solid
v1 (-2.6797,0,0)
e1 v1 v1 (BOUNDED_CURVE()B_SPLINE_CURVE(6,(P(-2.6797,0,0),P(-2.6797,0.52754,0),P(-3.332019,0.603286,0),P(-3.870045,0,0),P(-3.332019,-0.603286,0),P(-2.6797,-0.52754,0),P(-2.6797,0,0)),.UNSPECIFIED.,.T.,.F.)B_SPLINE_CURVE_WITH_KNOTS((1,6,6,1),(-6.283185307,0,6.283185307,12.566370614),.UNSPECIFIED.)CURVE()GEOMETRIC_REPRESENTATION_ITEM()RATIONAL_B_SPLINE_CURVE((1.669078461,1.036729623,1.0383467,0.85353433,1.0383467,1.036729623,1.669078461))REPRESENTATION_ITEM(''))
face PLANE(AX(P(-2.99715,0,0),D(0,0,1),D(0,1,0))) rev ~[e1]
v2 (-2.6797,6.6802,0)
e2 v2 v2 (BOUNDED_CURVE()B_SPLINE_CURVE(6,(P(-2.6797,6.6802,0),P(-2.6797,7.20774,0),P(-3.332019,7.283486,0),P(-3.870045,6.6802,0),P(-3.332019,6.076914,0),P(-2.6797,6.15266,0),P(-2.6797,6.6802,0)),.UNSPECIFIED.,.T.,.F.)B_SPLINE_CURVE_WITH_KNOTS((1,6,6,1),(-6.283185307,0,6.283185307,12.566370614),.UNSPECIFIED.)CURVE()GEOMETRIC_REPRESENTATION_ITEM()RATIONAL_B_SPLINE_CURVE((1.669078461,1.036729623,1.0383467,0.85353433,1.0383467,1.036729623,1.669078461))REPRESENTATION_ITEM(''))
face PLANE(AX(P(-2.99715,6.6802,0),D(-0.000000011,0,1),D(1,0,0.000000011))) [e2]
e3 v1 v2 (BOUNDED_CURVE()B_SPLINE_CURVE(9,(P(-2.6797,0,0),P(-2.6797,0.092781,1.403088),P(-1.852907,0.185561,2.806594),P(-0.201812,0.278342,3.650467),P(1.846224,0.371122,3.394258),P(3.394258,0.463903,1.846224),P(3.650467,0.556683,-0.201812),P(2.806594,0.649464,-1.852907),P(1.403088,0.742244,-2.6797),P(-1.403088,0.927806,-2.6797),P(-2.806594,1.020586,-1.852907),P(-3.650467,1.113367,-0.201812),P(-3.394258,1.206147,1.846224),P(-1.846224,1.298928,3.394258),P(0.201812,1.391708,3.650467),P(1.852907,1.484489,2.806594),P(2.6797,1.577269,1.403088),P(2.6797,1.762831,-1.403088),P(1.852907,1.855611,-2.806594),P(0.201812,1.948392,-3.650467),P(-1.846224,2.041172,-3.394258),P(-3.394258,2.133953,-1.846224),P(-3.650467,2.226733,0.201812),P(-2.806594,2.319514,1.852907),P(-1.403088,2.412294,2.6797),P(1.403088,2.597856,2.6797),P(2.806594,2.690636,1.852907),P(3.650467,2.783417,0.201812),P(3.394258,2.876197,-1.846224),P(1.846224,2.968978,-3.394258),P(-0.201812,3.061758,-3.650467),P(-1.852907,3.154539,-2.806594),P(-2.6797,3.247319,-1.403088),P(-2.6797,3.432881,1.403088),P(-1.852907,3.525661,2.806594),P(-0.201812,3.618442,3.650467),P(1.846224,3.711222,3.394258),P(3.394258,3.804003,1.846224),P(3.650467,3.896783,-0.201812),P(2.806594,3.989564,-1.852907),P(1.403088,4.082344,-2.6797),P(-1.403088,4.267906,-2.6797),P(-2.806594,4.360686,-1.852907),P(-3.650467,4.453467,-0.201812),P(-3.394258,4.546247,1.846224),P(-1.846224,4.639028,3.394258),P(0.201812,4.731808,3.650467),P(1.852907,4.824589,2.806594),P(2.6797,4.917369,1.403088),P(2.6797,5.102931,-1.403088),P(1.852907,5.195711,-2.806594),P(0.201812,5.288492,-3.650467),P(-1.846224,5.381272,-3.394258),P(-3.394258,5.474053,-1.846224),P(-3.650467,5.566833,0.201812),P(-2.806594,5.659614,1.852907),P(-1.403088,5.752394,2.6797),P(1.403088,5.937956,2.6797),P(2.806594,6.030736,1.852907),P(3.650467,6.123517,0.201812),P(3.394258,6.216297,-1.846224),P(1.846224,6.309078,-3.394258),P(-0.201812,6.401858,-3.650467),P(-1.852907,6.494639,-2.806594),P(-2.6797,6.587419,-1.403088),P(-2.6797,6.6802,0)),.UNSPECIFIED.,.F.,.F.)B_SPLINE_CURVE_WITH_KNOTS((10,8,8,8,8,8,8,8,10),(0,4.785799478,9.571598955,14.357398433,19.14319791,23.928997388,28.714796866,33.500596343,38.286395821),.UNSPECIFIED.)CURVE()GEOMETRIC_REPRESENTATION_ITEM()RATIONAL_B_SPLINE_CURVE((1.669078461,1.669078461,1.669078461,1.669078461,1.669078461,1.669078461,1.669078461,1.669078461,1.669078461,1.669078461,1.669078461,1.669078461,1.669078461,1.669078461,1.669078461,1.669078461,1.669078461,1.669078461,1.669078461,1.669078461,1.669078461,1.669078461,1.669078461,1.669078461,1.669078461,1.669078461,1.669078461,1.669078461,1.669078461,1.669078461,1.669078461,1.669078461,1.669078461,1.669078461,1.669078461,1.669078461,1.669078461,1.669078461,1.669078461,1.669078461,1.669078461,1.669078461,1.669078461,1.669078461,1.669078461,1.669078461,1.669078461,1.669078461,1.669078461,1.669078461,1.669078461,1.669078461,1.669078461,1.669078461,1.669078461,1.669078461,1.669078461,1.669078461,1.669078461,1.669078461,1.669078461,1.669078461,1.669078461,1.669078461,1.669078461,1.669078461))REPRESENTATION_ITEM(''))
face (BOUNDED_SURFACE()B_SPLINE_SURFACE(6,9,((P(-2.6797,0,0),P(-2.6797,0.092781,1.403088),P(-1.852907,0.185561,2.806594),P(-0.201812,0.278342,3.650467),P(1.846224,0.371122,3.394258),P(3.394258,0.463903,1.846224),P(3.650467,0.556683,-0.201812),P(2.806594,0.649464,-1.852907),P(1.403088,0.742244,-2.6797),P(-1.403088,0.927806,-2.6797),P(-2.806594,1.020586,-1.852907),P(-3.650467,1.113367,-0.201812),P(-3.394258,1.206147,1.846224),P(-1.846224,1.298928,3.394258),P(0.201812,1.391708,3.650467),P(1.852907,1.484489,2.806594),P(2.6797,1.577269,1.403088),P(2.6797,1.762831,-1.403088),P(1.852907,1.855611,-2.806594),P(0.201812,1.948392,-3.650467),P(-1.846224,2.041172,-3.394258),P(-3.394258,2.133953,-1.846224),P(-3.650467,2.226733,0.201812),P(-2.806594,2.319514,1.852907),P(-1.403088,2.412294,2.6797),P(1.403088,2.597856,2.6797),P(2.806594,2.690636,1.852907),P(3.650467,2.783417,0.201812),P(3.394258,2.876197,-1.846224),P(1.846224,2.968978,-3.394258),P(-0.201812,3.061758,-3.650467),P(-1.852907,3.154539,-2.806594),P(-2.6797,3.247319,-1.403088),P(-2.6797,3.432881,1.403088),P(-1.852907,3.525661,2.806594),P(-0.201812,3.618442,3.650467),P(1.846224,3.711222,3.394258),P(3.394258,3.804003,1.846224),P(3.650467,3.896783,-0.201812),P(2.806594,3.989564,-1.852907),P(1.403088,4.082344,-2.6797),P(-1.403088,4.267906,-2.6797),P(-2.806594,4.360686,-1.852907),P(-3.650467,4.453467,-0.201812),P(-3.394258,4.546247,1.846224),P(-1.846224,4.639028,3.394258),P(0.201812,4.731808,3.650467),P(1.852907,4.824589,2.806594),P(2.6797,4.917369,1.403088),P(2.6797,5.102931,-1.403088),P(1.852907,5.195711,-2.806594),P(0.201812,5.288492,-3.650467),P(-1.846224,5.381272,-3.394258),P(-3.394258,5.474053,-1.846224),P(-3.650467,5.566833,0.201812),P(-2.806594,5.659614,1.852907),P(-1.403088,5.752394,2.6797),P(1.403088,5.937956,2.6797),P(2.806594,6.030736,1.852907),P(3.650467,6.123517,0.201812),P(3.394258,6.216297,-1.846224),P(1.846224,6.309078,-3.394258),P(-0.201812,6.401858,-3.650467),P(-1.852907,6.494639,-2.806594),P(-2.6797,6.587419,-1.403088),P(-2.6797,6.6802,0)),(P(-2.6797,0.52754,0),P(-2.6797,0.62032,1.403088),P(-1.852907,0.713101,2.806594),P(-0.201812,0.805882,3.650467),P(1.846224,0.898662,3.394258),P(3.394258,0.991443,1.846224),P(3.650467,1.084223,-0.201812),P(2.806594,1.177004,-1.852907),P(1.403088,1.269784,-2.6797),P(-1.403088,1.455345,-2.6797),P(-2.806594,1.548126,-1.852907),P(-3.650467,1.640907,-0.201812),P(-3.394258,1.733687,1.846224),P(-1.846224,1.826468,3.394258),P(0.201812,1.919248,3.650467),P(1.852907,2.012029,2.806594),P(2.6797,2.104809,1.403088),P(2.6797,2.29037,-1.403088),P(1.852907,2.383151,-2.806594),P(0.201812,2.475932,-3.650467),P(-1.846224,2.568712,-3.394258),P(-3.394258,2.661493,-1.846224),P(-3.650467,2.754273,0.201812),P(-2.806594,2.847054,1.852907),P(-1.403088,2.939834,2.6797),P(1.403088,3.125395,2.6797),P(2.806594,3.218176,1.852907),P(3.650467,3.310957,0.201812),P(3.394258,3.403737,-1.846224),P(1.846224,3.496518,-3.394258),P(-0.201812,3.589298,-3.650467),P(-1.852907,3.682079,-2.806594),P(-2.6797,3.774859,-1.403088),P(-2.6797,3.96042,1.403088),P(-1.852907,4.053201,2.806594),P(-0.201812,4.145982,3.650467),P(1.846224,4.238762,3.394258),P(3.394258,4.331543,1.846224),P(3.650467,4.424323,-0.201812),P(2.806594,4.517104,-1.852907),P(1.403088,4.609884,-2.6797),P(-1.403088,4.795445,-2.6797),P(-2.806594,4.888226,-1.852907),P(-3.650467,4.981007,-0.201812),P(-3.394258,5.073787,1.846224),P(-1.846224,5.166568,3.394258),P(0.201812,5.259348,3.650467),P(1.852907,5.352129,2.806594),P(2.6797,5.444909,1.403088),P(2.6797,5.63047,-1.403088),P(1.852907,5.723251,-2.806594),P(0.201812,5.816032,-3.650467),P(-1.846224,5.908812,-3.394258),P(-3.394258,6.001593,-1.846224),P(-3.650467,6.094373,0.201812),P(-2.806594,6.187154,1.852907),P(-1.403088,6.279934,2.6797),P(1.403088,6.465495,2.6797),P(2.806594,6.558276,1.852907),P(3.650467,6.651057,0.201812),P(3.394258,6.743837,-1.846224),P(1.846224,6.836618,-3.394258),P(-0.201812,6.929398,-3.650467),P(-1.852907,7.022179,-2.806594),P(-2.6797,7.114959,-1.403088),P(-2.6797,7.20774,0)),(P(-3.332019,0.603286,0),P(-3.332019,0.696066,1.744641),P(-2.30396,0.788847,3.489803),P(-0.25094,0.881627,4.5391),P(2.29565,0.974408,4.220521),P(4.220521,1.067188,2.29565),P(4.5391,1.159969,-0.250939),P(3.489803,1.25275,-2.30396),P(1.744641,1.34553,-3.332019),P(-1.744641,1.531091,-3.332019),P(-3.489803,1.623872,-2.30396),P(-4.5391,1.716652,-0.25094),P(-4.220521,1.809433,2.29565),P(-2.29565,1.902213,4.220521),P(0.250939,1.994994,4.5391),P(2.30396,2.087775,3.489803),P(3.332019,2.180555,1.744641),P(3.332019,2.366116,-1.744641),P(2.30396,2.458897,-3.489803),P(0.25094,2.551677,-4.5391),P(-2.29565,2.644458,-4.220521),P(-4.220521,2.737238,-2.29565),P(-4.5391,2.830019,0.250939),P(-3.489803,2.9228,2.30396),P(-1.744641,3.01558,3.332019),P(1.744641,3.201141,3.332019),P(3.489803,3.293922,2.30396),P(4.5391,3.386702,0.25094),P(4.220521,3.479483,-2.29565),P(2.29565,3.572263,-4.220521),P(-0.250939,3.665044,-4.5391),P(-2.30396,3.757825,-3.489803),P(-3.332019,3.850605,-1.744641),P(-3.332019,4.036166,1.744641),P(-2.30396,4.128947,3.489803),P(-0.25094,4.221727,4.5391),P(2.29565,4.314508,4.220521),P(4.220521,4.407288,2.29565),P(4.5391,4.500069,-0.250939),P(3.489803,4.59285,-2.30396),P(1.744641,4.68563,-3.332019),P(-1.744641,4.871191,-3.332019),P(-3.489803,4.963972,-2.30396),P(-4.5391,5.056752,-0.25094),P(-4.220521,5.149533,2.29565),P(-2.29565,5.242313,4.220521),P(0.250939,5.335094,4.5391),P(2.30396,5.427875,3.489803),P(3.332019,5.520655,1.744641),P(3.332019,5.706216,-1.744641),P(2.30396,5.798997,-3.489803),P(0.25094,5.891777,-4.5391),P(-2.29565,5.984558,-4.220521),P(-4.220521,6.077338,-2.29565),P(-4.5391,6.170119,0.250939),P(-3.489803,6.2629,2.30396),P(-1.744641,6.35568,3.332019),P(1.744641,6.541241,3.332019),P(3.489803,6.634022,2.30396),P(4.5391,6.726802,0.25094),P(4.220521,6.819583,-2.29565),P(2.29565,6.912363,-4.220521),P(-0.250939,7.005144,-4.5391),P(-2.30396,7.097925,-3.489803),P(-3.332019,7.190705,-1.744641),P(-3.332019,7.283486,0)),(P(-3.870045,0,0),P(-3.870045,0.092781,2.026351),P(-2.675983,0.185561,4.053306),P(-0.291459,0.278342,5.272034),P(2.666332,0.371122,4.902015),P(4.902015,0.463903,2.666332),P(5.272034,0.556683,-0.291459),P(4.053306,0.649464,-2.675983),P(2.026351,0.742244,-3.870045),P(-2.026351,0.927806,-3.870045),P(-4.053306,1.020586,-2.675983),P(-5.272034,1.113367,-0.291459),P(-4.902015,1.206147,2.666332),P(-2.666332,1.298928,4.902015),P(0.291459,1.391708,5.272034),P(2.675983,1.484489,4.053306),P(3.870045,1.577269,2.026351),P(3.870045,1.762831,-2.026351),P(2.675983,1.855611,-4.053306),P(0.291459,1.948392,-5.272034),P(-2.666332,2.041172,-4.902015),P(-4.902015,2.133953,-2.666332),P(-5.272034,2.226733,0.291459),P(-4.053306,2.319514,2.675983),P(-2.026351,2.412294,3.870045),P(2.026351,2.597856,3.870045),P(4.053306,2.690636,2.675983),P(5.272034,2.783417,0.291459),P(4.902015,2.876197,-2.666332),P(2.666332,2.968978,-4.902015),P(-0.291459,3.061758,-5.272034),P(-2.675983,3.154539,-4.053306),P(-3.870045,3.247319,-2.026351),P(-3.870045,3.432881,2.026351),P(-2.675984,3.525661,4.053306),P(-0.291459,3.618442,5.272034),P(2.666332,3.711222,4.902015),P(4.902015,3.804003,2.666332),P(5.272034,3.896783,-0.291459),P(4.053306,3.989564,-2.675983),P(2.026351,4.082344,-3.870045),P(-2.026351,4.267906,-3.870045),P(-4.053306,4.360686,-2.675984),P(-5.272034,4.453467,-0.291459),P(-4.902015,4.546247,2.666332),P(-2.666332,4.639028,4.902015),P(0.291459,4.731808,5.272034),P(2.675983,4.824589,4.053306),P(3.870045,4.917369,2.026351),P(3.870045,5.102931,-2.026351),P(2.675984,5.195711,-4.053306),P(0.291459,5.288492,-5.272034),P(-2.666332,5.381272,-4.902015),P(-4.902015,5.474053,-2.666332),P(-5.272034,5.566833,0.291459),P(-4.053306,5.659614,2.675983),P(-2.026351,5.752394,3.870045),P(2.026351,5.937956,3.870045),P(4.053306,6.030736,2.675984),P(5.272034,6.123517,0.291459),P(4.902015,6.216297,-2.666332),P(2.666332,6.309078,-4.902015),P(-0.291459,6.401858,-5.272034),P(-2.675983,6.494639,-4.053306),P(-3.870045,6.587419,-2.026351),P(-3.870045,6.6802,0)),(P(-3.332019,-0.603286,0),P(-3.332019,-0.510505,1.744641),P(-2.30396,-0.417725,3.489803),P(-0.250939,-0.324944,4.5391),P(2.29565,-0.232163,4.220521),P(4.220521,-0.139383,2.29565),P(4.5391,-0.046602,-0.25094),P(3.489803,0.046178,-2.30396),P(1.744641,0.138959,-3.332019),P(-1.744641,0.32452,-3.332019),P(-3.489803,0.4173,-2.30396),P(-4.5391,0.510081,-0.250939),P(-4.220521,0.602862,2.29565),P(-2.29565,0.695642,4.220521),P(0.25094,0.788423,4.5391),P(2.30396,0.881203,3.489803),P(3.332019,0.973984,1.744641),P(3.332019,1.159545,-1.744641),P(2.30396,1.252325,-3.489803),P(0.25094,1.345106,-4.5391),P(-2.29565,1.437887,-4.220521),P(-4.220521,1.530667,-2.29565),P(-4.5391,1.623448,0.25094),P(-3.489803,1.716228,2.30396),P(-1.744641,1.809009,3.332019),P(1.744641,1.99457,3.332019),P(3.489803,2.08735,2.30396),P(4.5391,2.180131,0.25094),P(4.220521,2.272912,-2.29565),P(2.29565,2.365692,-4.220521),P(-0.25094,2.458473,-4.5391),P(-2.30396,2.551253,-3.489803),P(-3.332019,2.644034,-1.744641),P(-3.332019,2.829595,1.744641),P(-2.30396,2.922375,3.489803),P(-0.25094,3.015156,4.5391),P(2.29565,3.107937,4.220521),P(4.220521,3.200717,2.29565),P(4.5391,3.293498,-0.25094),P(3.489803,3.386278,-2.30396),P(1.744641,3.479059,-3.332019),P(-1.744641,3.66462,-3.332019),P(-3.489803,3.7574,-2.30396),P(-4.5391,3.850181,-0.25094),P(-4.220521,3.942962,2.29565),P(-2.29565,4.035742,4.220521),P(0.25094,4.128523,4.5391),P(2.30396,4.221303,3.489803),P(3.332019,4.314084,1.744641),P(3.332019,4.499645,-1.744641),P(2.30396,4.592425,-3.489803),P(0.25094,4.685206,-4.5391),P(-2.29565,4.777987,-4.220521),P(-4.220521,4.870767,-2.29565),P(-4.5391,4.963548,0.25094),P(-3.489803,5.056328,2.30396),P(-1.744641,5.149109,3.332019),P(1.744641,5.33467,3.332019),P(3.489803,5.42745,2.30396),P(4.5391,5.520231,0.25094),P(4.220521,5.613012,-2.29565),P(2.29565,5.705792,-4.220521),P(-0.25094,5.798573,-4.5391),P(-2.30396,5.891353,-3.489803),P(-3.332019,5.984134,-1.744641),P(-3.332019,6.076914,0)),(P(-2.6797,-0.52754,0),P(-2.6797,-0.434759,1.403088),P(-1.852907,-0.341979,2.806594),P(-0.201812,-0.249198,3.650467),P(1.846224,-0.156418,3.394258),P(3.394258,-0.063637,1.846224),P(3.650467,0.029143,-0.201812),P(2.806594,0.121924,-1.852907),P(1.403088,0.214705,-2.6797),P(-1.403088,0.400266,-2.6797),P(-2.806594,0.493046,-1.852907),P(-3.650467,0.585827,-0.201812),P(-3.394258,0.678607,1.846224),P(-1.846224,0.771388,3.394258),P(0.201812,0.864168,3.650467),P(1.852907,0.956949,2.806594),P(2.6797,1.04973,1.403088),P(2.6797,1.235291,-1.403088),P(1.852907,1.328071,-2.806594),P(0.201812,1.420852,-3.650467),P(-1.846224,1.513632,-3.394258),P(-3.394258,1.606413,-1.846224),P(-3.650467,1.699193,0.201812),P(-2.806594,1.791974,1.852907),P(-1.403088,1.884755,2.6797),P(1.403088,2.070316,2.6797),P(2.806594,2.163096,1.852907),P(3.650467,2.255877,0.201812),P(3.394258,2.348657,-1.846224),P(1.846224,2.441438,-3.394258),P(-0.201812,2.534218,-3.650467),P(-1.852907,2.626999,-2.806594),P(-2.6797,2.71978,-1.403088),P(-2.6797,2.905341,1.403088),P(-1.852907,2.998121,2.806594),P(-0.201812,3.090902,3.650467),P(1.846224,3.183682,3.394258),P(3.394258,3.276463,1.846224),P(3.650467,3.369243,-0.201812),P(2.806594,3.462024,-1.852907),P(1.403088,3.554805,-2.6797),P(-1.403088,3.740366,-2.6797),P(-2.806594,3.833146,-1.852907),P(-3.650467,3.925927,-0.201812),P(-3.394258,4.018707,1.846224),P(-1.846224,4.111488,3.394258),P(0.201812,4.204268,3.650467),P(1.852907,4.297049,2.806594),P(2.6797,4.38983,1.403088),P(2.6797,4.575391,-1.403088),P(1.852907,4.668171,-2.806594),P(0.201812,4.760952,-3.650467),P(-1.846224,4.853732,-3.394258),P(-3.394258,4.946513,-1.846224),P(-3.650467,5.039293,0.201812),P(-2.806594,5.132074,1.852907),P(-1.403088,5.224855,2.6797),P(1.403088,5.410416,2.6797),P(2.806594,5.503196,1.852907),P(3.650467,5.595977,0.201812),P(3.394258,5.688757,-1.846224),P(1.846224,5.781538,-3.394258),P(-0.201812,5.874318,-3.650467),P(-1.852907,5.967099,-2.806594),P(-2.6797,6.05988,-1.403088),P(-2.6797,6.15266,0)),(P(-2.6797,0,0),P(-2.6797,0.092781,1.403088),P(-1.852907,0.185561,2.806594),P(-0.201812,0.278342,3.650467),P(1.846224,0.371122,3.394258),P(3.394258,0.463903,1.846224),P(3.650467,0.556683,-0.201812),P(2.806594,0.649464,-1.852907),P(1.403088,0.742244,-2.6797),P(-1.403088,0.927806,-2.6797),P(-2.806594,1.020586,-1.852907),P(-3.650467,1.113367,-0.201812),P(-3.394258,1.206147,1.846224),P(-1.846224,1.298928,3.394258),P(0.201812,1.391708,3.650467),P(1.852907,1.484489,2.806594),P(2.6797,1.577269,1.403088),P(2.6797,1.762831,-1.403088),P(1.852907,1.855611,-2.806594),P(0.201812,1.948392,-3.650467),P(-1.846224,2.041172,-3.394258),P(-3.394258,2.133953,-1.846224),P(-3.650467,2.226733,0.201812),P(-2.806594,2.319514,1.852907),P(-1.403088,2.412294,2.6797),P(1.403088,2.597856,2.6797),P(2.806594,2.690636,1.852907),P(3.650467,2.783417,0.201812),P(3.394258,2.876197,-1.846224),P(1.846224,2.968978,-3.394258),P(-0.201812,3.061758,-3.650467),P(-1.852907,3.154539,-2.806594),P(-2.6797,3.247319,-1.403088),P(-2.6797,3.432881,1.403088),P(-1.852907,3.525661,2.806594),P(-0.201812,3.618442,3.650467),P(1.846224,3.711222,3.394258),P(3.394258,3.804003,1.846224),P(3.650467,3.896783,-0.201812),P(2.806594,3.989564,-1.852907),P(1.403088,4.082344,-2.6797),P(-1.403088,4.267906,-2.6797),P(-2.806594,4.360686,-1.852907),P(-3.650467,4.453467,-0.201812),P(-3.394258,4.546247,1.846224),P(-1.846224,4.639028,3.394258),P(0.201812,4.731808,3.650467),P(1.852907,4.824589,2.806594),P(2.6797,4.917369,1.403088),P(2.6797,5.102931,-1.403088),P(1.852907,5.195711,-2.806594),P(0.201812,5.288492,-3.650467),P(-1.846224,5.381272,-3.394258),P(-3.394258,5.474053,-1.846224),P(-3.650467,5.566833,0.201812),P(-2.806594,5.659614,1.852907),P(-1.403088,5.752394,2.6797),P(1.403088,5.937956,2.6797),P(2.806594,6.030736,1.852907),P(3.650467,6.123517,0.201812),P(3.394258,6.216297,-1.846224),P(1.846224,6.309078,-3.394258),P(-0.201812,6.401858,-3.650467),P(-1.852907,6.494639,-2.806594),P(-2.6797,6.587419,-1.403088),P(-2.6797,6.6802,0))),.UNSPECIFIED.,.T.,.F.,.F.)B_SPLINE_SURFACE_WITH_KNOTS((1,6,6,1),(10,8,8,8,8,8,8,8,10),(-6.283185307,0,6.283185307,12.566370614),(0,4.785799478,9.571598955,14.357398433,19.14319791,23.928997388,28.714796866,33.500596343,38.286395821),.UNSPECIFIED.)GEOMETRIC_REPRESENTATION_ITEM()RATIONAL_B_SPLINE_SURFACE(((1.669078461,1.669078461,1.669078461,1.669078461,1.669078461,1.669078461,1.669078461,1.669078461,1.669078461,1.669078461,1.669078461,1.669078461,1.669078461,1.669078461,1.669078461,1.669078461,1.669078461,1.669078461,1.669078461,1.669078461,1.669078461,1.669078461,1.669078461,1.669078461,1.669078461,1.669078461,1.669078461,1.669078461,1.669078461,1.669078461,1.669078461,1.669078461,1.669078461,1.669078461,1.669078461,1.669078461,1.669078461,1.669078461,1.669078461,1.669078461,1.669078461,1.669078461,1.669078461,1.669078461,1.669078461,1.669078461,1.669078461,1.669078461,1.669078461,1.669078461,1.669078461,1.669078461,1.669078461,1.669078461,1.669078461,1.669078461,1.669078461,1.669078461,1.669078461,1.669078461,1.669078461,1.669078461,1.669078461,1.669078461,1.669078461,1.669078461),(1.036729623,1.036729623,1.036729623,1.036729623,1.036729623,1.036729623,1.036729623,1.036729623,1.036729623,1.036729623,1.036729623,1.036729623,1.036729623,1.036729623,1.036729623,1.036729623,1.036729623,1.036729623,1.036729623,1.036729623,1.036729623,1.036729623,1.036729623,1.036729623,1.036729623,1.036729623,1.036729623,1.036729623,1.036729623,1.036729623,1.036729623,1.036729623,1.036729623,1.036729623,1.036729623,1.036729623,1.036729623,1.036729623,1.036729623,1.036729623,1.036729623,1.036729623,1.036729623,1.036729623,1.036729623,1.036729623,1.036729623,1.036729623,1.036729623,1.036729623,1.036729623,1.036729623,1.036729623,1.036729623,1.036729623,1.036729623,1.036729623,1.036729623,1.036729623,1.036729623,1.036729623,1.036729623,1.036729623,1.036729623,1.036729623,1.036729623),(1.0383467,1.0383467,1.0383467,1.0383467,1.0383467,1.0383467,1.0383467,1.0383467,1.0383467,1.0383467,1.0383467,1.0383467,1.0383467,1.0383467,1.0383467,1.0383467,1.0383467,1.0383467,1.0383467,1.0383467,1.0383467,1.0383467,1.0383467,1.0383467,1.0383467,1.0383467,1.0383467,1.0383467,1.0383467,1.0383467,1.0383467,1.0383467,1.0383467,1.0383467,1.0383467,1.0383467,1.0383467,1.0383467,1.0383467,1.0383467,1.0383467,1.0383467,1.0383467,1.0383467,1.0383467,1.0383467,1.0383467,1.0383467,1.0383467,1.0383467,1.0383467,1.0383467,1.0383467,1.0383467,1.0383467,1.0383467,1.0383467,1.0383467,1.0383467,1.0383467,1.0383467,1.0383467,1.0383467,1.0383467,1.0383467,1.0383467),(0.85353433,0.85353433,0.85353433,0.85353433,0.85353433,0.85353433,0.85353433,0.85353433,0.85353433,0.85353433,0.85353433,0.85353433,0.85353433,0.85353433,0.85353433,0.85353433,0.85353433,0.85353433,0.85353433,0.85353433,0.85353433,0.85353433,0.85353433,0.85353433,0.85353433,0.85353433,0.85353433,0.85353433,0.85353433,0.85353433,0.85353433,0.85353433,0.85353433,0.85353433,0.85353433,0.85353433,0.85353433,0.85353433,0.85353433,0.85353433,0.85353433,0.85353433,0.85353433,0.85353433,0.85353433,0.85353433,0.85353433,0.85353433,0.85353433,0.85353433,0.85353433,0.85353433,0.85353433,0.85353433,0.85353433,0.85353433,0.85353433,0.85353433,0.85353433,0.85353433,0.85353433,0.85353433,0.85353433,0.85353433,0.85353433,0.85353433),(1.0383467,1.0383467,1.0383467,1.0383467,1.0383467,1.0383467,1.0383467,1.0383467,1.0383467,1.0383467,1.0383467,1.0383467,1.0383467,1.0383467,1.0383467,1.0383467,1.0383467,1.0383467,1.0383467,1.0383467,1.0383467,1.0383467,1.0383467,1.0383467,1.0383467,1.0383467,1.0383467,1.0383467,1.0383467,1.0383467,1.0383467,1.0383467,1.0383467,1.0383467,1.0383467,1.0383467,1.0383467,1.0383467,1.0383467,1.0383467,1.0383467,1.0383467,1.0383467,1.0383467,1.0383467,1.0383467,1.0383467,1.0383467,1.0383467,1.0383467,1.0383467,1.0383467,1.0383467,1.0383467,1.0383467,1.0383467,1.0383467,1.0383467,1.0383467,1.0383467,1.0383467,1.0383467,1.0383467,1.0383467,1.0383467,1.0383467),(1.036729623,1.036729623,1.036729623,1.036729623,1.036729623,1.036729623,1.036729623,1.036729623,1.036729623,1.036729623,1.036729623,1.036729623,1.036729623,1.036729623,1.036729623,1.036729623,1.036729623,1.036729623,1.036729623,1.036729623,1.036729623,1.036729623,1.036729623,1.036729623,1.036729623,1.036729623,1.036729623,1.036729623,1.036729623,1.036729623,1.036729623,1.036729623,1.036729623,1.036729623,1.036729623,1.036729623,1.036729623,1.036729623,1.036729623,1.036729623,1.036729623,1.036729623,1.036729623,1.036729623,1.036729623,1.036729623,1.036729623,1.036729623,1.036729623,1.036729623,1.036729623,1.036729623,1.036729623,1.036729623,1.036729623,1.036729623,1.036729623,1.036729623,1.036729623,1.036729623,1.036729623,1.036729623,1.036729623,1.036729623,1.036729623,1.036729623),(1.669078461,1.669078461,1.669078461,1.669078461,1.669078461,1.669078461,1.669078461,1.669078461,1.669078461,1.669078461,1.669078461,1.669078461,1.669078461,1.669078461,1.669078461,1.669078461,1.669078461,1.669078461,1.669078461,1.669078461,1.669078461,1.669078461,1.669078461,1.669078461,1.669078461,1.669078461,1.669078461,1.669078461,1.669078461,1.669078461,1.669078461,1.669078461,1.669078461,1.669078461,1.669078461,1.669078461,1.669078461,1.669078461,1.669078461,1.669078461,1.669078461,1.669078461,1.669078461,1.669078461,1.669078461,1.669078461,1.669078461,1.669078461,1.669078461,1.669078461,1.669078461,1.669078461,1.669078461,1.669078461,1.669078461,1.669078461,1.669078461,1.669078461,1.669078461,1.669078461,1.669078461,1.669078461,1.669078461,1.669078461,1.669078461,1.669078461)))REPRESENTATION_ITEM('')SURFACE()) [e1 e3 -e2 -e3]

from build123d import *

# Parameters (mm, degrees)
SWEEP1_PITCH       = 1.113366667
SWEEP1_HEIGHT      = 6.6802
SWEEP1_RADIUS      = 2.9972
SWEEP1_START_ANGLE = -90
SKETCH2_R          = 0.3175


with BuildPart() as part:
    # Sweep1: sweep along a helix
    with BuildLine() as sweep1_path:
        add(Helix(SWEEP1_PITCH, SWEEP1_HEIGHT, SWEEP1_RADIUS, center=(0, 0, 0), direction=(0, 1, 0), mode=Mode.PRIVATE).rotate(Axis((0, 0, 0), (0, 1, 0)), SWEEP1_START_ANGLE))
    # Sketch2 → Sweep1 (sweep)
    with BuildSketch(Plane.XY):
        with Locations((-2.9972, 0)):
            Circle(SKETCH2_R)
    sweep(path=sweep1_path.line, is_frenet=True)


solid = part.part
